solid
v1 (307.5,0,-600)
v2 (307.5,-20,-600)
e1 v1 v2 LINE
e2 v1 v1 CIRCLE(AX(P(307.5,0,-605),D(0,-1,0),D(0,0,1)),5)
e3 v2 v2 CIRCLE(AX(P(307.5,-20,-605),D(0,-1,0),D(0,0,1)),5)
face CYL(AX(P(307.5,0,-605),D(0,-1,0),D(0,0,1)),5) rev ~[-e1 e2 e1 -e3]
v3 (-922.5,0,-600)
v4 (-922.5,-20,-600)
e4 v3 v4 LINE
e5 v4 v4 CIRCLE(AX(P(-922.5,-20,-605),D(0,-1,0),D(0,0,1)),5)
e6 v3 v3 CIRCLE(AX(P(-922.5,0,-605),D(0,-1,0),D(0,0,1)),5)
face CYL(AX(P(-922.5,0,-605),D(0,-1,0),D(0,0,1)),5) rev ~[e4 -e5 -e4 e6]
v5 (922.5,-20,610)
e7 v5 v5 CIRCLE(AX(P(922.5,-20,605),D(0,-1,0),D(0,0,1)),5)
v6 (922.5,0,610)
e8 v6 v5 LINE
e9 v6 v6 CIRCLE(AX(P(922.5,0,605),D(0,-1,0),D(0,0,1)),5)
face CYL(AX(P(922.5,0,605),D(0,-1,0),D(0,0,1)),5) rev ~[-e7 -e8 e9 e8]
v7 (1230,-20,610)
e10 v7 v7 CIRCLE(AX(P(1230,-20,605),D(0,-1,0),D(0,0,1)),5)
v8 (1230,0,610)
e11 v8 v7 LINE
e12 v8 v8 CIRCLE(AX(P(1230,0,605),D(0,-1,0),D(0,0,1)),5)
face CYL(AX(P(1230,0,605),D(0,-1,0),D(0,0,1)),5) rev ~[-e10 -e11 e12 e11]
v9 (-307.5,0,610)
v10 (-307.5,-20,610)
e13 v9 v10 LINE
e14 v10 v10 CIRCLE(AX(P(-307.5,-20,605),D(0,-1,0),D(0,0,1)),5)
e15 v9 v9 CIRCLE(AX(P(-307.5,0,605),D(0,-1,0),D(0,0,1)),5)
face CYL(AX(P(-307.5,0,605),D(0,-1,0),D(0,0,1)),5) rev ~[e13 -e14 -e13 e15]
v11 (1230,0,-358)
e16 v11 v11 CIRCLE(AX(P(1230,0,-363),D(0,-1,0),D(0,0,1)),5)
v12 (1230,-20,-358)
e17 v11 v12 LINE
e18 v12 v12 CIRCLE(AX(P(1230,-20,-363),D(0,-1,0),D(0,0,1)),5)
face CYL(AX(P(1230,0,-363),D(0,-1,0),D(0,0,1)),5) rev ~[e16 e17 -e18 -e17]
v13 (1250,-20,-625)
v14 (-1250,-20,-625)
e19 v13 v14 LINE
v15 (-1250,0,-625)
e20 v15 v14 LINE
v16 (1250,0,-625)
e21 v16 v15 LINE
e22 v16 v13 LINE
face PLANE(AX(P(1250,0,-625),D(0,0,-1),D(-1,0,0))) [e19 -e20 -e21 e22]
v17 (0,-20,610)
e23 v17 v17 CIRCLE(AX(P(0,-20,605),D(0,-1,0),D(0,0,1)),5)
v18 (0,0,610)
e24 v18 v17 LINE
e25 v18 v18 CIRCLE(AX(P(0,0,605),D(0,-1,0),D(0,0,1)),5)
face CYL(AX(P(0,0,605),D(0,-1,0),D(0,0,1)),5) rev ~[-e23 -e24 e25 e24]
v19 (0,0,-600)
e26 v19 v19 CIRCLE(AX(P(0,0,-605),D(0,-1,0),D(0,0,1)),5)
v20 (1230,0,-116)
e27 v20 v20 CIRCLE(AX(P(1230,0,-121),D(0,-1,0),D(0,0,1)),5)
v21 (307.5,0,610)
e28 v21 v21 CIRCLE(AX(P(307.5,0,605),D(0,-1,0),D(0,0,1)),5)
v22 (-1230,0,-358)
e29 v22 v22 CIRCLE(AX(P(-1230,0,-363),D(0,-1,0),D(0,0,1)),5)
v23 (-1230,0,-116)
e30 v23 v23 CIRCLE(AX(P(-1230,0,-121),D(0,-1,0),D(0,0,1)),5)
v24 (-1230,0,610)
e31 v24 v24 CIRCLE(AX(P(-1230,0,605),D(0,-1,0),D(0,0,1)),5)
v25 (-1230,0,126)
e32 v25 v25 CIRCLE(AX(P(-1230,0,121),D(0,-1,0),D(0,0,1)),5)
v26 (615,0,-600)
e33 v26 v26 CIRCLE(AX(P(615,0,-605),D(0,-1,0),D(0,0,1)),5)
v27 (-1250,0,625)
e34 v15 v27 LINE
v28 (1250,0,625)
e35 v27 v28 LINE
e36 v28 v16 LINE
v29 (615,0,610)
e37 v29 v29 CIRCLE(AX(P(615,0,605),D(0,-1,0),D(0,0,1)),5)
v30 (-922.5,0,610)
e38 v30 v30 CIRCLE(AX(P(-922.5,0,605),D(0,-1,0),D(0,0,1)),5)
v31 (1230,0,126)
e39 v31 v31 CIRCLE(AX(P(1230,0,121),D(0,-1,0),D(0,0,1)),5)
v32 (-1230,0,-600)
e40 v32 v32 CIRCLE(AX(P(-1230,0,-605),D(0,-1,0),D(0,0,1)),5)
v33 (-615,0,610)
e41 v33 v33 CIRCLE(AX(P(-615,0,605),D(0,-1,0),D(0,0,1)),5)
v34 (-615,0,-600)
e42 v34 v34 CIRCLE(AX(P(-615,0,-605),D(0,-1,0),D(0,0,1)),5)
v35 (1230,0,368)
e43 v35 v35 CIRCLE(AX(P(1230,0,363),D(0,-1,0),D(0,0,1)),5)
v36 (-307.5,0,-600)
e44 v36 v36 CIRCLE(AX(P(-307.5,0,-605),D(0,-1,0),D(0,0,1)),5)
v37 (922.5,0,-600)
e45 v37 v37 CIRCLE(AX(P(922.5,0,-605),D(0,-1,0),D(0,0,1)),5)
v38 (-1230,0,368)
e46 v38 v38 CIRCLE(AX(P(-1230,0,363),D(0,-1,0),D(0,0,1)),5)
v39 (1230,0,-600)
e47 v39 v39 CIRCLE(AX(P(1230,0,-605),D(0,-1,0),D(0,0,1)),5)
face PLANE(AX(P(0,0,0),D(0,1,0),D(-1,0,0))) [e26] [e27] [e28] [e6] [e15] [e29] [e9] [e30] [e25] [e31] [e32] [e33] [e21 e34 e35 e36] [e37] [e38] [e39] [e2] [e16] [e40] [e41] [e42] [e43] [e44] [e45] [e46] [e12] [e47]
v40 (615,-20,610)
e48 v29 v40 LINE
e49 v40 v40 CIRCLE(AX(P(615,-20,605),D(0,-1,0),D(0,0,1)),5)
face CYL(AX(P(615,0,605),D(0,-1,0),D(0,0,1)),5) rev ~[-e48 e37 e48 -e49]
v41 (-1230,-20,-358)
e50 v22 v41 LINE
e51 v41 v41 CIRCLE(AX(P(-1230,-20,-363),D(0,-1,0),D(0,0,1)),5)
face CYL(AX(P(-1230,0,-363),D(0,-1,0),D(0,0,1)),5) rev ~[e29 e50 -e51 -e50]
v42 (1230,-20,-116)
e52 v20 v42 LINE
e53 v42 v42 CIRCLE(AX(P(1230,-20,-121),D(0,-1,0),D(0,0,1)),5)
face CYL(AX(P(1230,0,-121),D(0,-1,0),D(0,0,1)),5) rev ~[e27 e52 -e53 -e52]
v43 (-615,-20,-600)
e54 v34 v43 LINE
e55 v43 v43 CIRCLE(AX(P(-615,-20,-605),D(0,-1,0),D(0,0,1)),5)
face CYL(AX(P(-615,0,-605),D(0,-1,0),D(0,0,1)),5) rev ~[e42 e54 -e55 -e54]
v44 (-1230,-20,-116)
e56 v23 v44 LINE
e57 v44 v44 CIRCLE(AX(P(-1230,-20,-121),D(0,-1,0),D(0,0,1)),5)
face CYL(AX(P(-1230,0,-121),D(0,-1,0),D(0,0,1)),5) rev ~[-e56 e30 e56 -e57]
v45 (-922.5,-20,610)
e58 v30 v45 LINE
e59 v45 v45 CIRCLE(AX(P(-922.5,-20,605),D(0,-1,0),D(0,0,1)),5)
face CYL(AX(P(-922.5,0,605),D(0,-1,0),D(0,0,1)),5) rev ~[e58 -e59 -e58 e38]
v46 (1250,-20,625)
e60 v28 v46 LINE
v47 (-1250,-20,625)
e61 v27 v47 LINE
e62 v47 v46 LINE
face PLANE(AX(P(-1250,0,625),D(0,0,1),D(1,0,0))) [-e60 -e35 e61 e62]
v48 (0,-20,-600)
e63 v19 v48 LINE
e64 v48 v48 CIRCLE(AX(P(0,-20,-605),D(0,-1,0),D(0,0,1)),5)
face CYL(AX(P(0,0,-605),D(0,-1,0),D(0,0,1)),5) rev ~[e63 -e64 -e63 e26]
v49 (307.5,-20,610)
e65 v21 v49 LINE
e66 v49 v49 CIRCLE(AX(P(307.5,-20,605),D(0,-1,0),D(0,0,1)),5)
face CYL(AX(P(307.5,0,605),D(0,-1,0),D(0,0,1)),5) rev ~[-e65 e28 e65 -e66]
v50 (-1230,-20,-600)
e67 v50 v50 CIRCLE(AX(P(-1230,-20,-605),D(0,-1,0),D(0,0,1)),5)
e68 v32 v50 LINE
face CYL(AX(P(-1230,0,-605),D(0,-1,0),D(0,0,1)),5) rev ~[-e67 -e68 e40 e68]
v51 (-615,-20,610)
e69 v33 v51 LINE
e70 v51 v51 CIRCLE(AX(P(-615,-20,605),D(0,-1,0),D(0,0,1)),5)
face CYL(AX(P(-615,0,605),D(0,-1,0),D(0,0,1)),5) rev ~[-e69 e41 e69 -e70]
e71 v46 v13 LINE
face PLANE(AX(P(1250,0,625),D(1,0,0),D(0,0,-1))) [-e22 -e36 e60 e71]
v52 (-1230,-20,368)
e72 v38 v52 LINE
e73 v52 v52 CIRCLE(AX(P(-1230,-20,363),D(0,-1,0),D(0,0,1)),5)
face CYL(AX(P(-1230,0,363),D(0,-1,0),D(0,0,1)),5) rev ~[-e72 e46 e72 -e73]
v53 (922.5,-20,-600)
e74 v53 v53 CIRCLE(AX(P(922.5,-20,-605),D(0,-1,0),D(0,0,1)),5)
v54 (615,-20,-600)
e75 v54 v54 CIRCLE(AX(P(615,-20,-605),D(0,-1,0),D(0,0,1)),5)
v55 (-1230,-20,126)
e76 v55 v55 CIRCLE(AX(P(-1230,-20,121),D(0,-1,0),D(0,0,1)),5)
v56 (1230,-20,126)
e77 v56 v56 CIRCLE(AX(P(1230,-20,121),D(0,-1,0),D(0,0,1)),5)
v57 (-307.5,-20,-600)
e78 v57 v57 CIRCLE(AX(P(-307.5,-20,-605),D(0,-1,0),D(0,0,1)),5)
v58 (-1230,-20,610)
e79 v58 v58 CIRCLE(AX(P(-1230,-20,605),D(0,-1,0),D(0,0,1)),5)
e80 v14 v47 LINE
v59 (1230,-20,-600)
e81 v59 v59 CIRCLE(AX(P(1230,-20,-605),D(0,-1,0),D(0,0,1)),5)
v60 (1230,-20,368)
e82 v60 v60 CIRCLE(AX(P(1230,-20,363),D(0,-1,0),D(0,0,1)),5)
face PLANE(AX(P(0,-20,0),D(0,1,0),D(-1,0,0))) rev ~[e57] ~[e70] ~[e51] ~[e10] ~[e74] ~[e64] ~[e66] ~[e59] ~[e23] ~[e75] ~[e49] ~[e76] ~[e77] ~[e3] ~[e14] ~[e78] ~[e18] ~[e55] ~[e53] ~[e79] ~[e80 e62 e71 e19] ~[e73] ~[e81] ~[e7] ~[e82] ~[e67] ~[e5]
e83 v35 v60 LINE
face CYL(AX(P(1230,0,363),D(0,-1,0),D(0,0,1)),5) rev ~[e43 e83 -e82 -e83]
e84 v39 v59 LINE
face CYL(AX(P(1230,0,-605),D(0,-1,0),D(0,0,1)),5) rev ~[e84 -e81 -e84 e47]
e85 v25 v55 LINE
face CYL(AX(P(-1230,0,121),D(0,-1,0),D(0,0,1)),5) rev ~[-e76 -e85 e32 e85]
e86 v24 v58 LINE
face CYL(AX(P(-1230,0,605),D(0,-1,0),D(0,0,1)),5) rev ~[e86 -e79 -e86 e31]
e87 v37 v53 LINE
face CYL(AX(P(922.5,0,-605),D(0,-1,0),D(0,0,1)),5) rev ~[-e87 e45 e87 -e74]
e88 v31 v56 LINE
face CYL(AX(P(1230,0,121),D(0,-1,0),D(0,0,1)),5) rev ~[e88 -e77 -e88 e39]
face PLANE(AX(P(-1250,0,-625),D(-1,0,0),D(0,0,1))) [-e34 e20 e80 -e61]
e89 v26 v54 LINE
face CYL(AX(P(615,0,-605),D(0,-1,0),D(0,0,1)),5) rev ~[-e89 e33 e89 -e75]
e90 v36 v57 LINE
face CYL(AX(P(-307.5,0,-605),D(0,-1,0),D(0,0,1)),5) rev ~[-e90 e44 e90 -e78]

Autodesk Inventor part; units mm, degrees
ref_plane "YZ Plane" through (0, 0, 0) normal (1, 0, 0) x (0, 1, 0)
ref_plane "XZ Plane" through (0, 0, 0) normal (0, 1, 0) x (-1, 0, 0)
ref_plane "XY Plane" through (0, 0, 0) normal (0, 0, 1) x (1, 0, 0)
sketch "Sketch1" plane through (0, 0, 0) normal (0, 1, 0) x (-1, 0, 0)
  line L0 (1250, 625) -> (-1250, 625)
  line L1 (-1250, 625) -> (-1250, -625)
  line L2 (-1250, -625) -> (1250, -625)
  line L3 (1250, -625) -> (1250, 625)
  line L4 (1250, 625) -> (-1250, -625) construction
  line L5 (-1250, 625) -> (1250, -625) construction
  line L6 (1210, 585) -> (-1210, 585) construction
  line L7 (-1210, 585) -> (-1210, -585) construction
  line L8 (-1210, -585) -> (1210, -585) construction
  line L9 (1210, -585) -> (1210, 585) construction
  line L10 (-1190, 565) -> (1190, 565) construction
  line L11 (1190, 565) -> (1190, -565) construction
  line L12 (1190, -565) -> (-1190, -565) construction
  line L13 (-1190, -565) -> (-1190, 565) construction
  line L14 (-1230, 605) -> (1230, 605) construction
  line L15 (1230, 605) -> (1230, -605) construction
  line L16 (1230, -605) -> (-1230, -605) construction
  line L17 (-1230, -605) -> (-1230, 605) construction
  point P0 (0, 0)
  point P1 (1230, 363)
  point P2 (1230, 121)
  point P3 (1230, -121)
  point P4 (1230, -363)
  point P5 (-1230, 363)
  point P6 (-1230, 121)
  point P7 (-1230, -121)
  point P8 (-1230, -363)
  point P9 (922.5, 605)
  point P10 (615, 605)
  point P11 (307.5, 605)
  point P12 (0, 605)
  point P13 (-307.5, 605)
  point P14 (-615, 605)
  point P15 (-922.5, 605)
  point P16 (922.5, -605)
  point P17 (615, -605)
  point P18 (307.5, -605)
  point P19 (0, -605)
  point P20 (-307.5, -605)
  point P21 (-615, -605)
  point P22 (-922.5, -605)
  point P23 (619.1026, 604.7999)
  dimension "d0" = 2500
  dimension "d1" = 1250
  dimension "d2" = 40
  dimension "d3" = 20
  dimension "d4" = 20
  dimension "d5" = 1210
  dimension "d6" = 2460
  dimension "d9" = 242
  dimension "d16" = 242
  dimension "d23" = 307.5
  dimension "d30" = 307.5
extrude "Extrusion1" add sketch "Sketch1" against normal blind 20
hole "Hole1" at (-1230, 0, 363) at (-1230, 0, 121) at (-1230, 0, -121) at (-1230, 0, -363) at (-1230, 0, -605) at (-922.5, 0, -605) at (-615, 0, -605) at (-307.5, 0, -605) at (0, 0, -605) at (307.5, 0, -605) at (615, 0, -605) at (922.5, 0, -605) at (1230, 0, -605) at (1230, 0, -363) at (1230, 0, -121) at (1230, 0, 121) at (1230, 0, 363) at (1230, 0, 605) at (922.5, 0, 605) at (615, 0, 605) at (307.5, 0, 605) at (0, 0, 605) at (-307.5, 0, 605) at (-922.5, 0, 605) at (-615, 0, 605) at (-1230, 0, 605) direction (0, -1, 0) diameter 10 end through all
properties part number "tabla"
